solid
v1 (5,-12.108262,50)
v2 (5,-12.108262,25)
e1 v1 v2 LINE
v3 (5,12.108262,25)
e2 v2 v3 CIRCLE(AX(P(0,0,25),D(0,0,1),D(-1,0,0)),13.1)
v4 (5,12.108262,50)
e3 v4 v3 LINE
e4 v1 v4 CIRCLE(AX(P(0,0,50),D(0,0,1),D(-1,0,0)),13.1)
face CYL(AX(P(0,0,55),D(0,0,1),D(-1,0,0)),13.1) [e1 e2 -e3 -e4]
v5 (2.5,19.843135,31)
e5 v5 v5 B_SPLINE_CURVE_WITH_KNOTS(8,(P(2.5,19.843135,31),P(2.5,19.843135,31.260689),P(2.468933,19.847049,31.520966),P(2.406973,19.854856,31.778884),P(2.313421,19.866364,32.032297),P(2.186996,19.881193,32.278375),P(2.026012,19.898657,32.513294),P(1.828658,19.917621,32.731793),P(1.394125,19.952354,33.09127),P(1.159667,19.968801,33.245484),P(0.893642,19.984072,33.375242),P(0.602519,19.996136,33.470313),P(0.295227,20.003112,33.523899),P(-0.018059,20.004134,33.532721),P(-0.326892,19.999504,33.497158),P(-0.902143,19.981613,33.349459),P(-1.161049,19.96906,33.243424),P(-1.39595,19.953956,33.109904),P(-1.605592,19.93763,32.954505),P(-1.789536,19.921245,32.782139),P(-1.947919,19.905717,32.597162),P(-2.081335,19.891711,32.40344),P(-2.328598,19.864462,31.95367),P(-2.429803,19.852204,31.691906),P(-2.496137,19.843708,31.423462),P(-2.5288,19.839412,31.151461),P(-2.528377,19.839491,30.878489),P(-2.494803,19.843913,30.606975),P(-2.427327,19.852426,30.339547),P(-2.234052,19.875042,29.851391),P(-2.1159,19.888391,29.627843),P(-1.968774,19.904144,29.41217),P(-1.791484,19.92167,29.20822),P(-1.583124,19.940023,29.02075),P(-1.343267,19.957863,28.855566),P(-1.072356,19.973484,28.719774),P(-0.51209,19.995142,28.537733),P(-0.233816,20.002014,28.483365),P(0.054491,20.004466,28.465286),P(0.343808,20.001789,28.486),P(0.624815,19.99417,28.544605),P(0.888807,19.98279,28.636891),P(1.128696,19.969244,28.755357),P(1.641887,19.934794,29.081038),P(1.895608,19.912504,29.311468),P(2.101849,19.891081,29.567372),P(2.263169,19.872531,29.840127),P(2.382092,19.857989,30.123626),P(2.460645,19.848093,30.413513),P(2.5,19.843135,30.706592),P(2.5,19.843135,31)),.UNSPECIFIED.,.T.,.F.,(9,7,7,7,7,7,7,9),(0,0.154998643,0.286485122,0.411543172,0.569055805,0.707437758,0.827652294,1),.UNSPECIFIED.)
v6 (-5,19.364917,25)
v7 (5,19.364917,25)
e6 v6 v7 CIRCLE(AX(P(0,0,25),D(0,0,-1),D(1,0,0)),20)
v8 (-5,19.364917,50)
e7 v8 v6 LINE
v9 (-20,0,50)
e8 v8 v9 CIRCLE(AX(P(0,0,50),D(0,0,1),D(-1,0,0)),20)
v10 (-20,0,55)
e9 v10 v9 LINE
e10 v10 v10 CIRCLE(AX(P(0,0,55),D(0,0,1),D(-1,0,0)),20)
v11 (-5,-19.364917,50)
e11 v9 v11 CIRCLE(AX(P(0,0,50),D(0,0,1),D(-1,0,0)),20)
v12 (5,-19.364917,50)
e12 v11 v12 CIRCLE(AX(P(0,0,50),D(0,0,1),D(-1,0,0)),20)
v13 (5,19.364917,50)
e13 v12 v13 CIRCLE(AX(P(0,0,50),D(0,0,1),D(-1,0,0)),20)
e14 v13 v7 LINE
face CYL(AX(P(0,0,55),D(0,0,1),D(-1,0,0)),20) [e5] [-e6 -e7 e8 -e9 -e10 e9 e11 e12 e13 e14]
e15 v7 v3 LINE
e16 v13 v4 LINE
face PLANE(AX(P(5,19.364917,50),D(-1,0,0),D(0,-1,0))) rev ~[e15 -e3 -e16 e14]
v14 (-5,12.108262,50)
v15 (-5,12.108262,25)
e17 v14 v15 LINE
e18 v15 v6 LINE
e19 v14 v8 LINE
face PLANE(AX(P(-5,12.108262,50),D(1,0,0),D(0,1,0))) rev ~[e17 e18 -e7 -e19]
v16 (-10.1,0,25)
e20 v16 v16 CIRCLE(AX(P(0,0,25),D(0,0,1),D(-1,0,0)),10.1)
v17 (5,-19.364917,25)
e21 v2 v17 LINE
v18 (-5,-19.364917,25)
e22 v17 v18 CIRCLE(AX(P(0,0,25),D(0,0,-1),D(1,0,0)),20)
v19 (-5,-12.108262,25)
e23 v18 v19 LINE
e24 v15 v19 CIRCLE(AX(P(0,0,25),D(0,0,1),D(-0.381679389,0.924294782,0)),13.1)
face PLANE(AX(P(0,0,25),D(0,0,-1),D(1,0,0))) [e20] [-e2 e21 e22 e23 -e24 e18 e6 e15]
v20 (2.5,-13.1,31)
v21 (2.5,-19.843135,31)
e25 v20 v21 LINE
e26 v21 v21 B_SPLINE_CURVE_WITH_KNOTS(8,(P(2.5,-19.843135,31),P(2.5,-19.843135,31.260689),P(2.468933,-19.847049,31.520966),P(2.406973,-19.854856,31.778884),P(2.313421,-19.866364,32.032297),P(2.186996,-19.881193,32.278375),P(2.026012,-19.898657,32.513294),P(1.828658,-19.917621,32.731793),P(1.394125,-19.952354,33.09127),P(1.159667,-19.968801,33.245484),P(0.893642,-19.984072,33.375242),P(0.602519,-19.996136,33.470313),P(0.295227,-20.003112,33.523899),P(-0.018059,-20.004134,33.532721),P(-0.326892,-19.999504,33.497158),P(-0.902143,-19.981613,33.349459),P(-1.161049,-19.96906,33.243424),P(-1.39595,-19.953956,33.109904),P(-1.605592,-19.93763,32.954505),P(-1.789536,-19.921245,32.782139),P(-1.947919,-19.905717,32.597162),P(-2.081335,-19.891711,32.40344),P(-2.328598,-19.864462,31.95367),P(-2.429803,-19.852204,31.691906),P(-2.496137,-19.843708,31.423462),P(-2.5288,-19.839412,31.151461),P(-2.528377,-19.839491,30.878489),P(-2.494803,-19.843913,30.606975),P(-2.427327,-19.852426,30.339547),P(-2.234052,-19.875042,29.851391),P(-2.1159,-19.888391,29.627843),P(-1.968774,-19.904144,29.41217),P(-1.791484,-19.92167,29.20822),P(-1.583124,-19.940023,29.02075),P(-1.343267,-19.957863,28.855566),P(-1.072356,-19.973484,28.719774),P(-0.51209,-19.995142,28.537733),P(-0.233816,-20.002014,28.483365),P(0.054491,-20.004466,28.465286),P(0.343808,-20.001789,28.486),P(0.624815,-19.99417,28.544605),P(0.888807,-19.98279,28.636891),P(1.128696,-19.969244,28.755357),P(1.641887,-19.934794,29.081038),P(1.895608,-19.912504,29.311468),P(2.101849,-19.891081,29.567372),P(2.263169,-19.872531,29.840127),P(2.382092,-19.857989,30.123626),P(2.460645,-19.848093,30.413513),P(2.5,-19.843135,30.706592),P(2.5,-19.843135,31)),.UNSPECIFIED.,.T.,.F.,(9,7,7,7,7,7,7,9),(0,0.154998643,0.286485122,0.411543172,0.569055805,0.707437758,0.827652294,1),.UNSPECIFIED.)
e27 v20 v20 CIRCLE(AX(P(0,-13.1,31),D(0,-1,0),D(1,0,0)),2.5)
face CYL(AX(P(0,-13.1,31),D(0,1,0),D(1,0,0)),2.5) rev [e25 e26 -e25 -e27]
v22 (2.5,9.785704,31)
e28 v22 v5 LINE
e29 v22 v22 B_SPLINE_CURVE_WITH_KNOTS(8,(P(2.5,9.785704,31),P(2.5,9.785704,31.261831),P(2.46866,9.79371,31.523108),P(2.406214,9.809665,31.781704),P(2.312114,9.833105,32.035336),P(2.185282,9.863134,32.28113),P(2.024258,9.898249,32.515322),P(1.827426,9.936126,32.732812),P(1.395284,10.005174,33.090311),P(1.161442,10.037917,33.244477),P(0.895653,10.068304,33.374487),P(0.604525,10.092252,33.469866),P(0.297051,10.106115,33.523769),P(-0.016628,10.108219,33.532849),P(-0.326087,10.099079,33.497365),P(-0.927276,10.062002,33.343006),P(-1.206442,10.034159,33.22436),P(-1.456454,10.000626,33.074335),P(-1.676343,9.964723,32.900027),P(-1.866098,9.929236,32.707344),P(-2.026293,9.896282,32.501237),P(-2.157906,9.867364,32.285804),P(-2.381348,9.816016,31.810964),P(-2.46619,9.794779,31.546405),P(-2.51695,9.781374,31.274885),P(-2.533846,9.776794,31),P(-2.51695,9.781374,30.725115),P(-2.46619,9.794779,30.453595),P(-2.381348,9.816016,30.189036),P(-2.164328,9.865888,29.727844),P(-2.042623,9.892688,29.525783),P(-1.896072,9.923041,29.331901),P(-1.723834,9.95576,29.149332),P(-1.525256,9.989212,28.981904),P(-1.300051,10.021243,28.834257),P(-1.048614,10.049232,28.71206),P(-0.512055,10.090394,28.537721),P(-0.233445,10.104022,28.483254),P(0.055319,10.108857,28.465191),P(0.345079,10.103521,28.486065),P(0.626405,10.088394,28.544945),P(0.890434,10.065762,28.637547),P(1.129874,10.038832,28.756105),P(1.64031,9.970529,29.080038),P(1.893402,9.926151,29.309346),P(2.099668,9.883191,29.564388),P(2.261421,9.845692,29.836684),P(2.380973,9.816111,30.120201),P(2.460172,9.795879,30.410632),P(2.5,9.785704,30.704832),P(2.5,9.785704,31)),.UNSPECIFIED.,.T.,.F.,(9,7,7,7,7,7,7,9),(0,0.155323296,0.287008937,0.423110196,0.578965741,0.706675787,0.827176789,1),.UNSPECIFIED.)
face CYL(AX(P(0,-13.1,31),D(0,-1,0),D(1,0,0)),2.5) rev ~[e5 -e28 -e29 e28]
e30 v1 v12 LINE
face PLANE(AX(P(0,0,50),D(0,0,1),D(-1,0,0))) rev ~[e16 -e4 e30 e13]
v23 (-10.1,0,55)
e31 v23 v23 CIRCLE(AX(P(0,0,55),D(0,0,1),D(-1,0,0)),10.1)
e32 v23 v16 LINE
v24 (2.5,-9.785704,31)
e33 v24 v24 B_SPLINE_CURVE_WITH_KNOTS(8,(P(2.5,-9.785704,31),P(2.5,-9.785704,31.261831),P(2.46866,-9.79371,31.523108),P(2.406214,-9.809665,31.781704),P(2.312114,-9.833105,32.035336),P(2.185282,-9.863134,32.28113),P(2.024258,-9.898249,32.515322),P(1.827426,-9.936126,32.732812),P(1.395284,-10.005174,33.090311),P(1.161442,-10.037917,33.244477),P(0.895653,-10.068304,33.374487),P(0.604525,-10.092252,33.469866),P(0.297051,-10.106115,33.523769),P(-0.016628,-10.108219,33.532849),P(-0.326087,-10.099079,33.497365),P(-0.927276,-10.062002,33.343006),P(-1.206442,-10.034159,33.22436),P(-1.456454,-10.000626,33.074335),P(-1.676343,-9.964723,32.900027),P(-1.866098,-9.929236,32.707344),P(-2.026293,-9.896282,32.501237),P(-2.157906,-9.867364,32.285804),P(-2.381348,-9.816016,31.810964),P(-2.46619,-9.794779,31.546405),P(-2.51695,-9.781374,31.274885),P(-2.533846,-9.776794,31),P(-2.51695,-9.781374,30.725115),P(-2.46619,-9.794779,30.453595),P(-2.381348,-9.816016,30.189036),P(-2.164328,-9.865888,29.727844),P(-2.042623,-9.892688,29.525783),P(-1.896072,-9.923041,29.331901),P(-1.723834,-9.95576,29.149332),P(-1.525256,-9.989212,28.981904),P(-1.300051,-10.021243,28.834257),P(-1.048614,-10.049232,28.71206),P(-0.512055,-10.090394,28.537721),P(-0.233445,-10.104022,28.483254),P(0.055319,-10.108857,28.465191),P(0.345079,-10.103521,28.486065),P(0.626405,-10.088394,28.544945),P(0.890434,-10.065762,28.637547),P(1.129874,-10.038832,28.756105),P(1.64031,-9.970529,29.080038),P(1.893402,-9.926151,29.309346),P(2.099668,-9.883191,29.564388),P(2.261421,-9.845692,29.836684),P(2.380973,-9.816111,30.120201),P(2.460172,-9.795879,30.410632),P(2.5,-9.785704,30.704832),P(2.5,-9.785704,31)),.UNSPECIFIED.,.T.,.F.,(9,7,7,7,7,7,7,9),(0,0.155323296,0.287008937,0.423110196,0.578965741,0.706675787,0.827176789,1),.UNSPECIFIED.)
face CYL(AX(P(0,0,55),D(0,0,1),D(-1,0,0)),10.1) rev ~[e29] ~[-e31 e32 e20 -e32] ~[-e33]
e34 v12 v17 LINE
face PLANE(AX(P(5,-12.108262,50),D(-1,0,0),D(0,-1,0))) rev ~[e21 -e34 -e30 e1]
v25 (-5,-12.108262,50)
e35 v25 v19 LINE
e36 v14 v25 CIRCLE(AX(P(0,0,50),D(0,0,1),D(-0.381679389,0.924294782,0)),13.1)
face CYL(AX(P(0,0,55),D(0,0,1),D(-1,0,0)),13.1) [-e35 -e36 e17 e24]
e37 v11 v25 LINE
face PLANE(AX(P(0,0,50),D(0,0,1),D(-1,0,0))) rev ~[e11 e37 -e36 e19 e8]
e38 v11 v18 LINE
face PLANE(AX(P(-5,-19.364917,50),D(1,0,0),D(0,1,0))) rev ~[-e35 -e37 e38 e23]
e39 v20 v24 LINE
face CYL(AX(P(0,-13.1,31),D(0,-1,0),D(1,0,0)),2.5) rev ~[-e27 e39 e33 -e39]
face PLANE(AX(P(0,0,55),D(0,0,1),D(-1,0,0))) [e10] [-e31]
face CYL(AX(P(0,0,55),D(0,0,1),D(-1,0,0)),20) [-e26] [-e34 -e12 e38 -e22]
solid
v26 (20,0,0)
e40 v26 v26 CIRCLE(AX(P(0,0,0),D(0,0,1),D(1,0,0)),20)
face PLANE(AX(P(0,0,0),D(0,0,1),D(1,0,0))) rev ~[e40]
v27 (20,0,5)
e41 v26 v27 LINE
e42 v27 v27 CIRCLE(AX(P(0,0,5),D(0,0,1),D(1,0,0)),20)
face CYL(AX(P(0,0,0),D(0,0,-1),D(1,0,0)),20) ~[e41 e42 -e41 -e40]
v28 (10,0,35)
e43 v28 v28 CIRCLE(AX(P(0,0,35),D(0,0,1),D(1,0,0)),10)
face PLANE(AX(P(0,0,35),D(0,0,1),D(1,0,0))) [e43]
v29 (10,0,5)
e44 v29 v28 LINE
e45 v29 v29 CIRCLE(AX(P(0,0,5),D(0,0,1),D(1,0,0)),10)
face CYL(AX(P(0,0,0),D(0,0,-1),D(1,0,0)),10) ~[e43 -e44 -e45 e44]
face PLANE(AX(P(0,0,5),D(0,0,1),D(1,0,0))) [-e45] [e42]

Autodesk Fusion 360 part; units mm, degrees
sketch "Esquisse1" plane through (0, 0, 0) normal (0, 0, 1) x (1, 0, 0) in component "feet"
  circle A0 centre (0, 0) radius 20
  circle A1 centre (0, 0) radius 10
  dimension "d1" = 40
  dimension "d2" = 20
extrude "Extrusion1" add sketch "Esquisse1" along normal blind 5 makes body 1 in component "feet"
extrude "Extrusion2" add sketch "Esquisse1" along normal blind 35 contours A1 bodies 1 in component "feet"
sketch "Esquisse1 (2)" plane through (0, 0, 35) normal (0, 0, 1) x (-1, 0, 0) in component "Component"
  circle A0 centre (0, 0) radius 10
  circle A1 centre (0, 0) radius 10.1
  circle A2 centre (0, 0) radius 13.1
  circle A3 centre (0, 0) radius 20
  dimension "d7" = 0.1
  dimension "d8" = 3.1
extrude "Extrusion1'" add sketch "Esquisse1 (2)" against normal blind 5 separate body contours A3 makes body 2 in component "Component"
extrude "Extrusion2'" add sketch "Esquisse1 (2)" against normal blind 30 contours A2 bodies 2 in component "Component"
ref_plane "Plan de construction1" through (0, -13.1, 13.2652) normal (0, -1, 0) x (1, 0, 0) in component "Component"
sketch "Esquisse2" plane through (0, -13.1, 13.2652) normal (0, -1, 0) x (1, 0, 0) in component "Component"
  circle A0 centre (0, -2.2652) radius 2.5
  line L0 (-13.1, -8.2652) -> (13.1, -8.2652)
  line L1 (0, 22) -> (0, -8.2652) construction
  dimension "d20" = 5
  dimension "d21" = 6
sketch "Esquisse3" plane through (0, 0, 30) normal (0, 0, -1) x (1, 0, 0) in component "Component"
  circle A0 centre (0, 0) radius 13.1
  circle A1 centre (0, 0) radius 20
  line L0 (5, 27.5) -> (-5, 27.5)
  line L1 (-5, 27.5) -> (-5, -27.5)
  line L2 (-5, -27.5) -> (5, -27.5)
  line L3 (5, -27.5) -> (5, 27.5)
  line L4 (5, 27.5) -> (-5, -27.5) construction
  line L5 (-5, 27.5) -> (5, -27.5) construction
  dimension "d24" = 10
extrude "Extrusion4" add sketch "Esquisse3" along normal up to surface (25 mm away) contours A0 A1 L1 L3 | A0 A1 L1 L3 bodies 2 in component "Component"
extrude "Extrusion3" [suppressed] in component "feet"
extrude "Extrusion3'" cut sketch "Esquisse2" along normal through all and the other way through all bodies 2 in component "Component"
component "feet" placed x (1, 0, 0) y (0, 1, 0) z (0, 0, 1) at (0, 0, 0)
component "Component" placed x (1, 0, 0) y (0, 1, 0) z (0, 0, 1) at (0, 0, 20)
equation "d8 = 3 mm + 0.1 mm"
